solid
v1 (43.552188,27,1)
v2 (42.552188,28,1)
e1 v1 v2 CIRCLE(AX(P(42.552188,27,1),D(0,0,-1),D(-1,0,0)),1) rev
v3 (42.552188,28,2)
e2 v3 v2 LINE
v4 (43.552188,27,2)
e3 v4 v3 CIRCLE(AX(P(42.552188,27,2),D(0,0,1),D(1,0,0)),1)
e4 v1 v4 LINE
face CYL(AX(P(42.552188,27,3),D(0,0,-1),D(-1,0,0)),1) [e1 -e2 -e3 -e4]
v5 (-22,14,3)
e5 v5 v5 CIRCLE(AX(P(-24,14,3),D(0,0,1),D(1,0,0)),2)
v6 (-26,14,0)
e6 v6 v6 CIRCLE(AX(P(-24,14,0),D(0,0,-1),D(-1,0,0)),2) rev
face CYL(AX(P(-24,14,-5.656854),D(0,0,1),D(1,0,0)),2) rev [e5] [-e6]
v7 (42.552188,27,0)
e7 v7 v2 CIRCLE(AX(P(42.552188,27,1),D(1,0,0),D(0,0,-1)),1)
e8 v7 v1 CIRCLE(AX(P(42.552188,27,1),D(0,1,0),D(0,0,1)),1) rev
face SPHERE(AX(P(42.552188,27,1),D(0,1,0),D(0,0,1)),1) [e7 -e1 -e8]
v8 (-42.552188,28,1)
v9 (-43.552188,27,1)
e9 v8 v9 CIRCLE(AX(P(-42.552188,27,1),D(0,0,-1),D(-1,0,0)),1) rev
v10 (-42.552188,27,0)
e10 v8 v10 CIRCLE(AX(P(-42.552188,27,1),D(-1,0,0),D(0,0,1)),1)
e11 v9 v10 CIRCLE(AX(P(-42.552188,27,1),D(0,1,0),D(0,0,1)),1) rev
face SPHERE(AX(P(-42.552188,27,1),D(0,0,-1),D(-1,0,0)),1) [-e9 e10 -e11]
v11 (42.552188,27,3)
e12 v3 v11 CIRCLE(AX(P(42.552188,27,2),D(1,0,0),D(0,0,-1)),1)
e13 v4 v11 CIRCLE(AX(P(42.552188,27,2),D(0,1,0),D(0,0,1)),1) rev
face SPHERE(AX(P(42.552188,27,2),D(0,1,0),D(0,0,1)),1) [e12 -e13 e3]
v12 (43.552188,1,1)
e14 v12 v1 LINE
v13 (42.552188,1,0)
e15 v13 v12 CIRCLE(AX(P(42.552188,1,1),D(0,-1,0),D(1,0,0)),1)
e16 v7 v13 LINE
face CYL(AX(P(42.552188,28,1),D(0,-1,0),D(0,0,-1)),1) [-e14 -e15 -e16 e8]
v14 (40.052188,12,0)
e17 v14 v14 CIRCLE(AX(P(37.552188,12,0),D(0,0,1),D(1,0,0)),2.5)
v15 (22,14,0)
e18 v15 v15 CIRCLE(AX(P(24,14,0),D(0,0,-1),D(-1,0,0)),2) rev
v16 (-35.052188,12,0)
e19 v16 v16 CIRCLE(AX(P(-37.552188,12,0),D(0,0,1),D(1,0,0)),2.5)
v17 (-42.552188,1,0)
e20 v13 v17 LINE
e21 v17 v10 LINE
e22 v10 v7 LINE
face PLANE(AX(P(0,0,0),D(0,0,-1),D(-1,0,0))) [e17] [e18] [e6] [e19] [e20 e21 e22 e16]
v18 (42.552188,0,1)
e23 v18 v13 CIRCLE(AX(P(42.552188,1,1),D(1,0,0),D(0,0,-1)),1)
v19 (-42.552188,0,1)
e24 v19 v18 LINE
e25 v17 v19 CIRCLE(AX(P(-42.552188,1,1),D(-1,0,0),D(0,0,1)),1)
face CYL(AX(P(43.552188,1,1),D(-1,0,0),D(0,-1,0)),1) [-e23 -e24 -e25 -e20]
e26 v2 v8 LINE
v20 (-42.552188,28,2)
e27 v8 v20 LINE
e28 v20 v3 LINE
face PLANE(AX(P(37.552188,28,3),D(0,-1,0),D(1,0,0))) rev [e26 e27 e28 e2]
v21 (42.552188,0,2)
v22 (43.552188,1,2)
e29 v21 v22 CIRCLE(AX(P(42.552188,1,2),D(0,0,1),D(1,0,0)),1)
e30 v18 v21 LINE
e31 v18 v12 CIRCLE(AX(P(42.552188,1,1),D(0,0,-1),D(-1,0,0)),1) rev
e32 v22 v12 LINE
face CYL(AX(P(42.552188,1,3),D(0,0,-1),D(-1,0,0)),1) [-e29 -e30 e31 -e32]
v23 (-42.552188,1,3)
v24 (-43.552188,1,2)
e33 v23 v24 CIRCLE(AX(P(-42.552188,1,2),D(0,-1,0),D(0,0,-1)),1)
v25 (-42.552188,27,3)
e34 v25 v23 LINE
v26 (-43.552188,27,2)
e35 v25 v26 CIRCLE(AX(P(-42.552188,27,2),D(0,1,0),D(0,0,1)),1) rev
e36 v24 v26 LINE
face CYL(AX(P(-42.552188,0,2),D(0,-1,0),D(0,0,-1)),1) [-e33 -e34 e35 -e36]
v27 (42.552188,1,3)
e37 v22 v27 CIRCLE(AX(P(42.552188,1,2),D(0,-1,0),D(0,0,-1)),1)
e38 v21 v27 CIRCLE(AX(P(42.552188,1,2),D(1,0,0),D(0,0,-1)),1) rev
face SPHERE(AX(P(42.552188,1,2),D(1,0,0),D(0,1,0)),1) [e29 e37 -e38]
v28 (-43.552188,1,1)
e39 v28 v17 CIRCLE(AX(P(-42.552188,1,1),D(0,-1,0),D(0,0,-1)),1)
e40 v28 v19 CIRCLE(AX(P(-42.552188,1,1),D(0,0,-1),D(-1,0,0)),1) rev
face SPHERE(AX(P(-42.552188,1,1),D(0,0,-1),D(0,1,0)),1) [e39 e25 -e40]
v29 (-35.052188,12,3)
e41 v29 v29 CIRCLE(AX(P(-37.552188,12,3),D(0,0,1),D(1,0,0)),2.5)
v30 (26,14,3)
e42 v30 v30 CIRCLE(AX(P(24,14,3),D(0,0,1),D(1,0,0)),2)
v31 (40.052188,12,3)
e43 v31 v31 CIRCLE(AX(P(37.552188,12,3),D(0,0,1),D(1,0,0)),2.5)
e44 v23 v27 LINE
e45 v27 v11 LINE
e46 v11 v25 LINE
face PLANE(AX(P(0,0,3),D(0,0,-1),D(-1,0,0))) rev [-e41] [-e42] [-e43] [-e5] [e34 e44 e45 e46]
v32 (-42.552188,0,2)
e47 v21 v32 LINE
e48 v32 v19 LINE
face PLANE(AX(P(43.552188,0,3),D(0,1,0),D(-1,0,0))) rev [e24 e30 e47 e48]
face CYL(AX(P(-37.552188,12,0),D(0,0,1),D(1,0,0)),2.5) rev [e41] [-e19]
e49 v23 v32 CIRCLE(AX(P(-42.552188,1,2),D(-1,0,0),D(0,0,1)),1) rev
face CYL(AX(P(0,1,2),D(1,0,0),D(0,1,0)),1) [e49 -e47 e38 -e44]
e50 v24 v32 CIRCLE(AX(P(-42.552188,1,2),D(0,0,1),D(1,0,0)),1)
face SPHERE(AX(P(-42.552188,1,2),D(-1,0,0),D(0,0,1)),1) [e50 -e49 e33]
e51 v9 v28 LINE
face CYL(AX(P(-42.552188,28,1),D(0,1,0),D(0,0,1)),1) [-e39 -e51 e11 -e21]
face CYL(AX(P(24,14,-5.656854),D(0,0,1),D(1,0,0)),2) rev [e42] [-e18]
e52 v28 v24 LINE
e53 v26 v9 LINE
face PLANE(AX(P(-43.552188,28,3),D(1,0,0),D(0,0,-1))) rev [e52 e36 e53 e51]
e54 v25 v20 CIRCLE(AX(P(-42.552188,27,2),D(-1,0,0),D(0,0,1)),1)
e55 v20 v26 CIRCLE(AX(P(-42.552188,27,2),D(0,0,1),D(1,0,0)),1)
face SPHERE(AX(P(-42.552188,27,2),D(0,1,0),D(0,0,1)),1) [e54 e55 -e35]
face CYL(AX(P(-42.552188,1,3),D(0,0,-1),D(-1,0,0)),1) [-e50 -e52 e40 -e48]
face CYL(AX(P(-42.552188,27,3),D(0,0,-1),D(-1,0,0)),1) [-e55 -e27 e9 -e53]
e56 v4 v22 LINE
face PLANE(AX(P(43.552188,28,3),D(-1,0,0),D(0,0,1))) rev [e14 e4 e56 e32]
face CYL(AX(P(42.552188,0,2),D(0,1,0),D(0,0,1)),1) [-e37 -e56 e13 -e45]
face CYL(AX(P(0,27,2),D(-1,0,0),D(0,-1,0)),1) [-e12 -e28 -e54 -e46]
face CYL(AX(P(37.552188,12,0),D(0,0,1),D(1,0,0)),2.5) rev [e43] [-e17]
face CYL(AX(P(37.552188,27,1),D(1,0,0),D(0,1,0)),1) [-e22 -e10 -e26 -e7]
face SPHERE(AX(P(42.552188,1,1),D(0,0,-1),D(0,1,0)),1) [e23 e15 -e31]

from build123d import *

# Parameters (mm, degrees)
AUFSATZ_LINEAR_AUSTRAGEN1_DEPTH = 3
SKIZZE3_R                       = 2.5
SCHNITT_LINEAR_AUSTRAGEN1_DEPTH = 3
SKIZZE6_R                       = 2
SCHNITT_LINEAR_AUSTRAGEN3_DEPTH = 3
FILLET1_R                       = 1


with BuildPart() as part:
    # Skizze1 → Aufsatz-Linear austragen1 (new body)
    with BuildSketch(Plane.XY):
        Polygon((-37.552187815, 28), (-43.552187815, 28), (-43.552187815, 0), (-37.552187815, 0), (37.552187815, 0), (43.552187815, 0), (43.552187815, 28), (37.552187815, 28), align=None)
    extrude(amount=AUFSATZ_LINEAR_AUSTRAGEN1_DEPTH)

    # Skizze3 → Schnitt-Linear austragen1 (cut)
    with BuildSketch(Plane.XY.offset(3)):
        with Locations((-37.552187815, 12)):
            Circle(SKIZZE3_R)
        with Locations((37.552187815, 12)):
            Circle(SKIZZE3_R)
    extrude(amount=-SCHNITT_LINEAR_AUSTRAGEN1_DEPTH, mode=Mode.SUBTRACT)

    # Skizze6 → Schnitt-Linear austragen3 (cut)
    with BuildSketch(Plane.XY.offset(3)):
        with Locations((-24, 14)):
            Circle(SKIZZE6_R)
        with Locations((24, 14)):
            Circle(SKIZZE6_R)
    extrude(amount=-SCHNITT_LINEAR_AUSTRAGEN3_DEPTH, mode=Mode.SUBTRACT)

    # Fillet1
    fillet1_edges = [part.edges().sort_by_distance(p)[0] for p in [
        (-43.552187815, 14, 0),
        (-43.552187815, 14, 3),
        (43.552187815, 28, 1.5),
        (43.552187815, 0, 1.5),
        (-43.552187815, 0, 1.5),
        (-43.552187815, 28, 1.5),
        (0, 0, 3),
        (43.552187815, 14, 3),
        (0, 28, 3),
        (0, 28, 0),
        (43.552187815, 14, 0),
        (0, 0, 0),
    ]]
    fillet(fillet1_edges, radius=FILLET1_R)


solid = part.part
